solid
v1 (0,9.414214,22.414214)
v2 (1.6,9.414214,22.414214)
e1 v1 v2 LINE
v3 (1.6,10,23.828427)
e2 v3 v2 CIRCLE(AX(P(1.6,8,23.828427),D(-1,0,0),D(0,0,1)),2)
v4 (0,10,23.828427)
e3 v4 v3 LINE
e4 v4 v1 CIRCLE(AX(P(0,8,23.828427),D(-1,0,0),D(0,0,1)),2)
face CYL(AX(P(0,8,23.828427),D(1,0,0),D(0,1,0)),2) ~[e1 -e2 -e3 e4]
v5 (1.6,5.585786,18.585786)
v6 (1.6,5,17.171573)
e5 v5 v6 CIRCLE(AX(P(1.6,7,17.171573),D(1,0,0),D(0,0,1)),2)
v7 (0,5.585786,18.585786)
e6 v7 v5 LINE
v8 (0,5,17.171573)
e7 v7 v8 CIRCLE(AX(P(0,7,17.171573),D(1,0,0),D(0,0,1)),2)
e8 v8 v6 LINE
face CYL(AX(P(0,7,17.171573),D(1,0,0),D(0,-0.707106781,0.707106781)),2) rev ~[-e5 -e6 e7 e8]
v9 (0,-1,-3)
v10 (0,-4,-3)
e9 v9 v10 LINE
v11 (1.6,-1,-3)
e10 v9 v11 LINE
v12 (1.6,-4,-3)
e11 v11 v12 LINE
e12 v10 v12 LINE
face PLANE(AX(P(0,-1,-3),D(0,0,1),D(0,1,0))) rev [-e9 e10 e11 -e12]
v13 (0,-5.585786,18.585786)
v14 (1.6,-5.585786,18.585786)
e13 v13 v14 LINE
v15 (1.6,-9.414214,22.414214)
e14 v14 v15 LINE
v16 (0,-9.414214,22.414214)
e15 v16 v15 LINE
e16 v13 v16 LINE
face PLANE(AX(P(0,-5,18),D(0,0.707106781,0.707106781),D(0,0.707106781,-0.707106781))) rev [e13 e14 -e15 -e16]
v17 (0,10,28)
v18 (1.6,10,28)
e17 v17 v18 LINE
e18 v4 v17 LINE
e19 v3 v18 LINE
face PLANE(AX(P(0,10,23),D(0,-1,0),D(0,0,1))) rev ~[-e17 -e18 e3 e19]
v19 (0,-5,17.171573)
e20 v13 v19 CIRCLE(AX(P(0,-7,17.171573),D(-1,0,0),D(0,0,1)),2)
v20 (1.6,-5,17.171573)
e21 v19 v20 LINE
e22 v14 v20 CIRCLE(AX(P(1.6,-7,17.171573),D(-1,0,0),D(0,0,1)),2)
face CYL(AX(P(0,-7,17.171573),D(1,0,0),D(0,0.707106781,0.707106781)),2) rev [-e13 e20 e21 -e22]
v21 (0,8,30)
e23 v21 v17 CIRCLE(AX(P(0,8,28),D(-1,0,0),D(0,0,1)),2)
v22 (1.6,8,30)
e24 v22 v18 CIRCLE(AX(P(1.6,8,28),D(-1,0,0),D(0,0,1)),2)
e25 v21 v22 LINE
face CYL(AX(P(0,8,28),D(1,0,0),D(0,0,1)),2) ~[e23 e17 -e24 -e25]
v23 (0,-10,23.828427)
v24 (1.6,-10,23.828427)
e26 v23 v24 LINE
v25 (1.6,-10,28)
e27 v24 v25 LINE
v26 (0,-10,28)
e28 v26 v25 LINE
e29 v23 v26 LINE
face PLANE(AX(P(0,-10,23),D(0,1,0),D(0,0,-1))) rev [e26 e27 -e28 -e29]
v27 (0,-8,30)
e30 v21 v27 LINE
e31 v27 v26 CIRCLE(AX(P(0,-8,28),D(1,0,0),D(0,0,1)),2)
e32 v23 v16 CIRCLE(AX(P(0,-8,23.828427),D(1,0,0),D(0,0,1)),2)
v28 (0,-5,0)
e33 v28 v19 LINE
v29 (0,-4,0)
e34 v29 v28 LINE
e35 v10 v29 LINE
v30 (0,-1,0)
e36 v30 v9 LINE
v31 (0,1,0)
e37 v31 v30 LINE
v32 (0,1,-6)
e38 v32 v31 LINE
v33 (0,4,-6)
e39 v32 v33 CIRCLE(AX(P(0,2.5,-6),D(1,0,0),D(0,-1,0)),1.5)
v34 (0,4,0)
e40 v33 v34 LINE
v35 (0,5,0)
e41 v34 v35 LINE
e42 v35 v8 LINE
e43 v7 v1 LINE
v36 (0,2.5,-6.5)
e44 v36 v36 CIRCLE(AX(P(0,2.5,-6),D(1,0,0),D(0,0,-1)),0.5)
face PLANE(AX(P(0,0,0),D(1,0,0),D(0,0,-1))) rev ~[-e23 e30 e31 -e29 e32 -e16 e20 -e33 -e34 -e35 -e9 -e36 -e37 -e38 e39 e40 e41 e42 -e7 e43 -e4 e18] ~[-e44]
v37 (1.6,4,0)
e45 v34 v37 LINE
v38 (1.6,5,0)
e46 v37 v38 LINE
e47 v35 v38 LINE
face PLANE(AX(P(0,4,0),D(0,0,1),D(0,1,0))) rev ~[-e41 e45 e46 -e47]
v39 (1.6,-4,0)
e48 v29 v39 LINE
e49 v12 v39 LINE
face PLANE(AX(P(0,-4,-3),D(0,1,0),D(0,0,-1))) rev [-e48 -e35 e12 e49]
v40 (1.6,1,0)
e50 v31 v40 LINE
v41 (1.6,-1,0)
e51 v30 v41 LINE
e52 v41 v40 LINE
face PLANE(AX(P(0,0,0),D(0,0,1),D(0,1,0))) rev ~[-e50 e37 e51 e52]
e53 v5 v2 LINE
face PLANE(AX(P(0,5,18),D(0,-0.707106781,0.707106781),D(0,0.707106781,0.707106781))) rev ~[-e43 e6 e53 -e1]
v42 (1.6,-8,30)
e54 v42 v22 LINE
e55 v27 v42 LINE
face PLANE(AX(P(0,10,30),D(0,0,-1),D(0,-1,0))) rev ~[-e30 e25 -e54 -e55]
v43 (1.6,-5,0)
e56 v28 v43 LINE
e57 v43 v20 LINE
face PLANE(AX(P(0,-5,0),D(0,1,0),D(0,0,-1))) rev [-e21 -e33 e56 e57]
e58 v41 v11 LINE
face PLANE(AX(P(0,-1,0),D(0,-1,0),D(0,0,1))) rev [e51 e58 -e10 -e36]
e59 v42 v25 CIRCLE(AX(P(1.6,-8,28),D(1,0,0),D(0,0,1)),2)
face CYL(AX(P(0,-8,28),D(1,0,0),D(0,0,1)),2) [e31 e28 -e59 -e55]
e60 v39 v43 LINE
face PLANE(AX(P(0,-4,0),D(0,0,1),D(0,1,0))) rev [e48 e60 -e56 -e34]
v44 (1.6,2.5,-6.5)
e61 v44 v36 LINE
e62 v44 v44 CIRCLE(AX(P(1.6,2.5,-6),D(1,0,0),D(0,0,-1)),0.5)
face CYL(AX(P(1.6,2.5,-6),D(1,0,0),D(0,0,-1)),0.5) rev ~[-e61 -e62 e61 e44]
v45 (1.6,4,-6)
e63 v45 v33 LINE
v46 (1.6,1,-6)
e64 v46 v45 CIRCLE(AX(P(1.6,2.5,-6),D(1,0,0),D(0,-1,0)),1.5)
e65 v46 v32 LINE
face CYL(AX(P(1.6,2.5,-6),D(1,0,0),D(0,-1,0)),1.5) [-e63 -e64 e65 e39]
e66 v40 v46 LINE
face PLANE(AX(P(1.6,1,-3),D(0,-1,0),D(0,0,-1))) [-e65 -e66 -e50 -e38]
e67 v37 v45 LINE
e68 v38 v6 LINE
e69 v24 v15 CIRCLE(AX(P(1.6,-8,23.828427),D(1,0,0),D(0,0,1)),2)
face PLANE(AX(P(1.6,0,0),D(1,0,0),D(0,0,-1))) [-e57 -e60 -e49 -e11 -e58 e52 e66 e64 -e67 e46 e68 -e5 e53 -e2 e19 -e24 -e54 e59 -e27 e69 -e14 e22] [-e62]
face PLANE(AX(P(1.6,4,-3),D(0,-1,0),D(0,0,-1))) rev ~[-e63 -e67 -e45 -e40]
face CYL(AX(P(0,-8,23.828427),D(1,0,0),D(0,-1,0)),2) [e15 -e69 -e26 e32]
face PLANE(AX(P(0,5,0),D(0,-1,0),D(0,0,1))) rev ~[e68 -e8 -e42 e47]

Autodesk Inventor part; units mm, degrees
ref_plane "YZ Plane" through (0, 0, 0) normal (1, 0, 0) x (0, 1, 0)
ref_plane "XZ Plane" through (0, 0, 0) normal (0, 1, 0) x (-1, 0, 0)
ref_plane "XY Plane" through (0, 0, 0) normal (0, 0, 1) x (1, 0, 0)
sketch "Sketch1" plane through (0, 0, 0) normal (1, 0, 0) x (0, 1, 0)
  line L0 (0, 0) -> (1, 0)
  line L1 (1, 0) -> (1, -3)
  line L2 (1, -3) -> (4, -3)
  line L3 (4, -3) -> (4, 0)
  line L4 (4, 0) -> (5, 0)
  line L5 (5, 0) -> (5, 18)
  line L6 (5, 18) -> (10, 23)
  line L7 (10, 23) -> (10, 30)
  line L8 (10, 30) -> (0, 30)
  line L9 (0, 30) -> (0, 0)
  dimension "d0" = 1
  dimension "d1" = 3
  dimension "d2" = 1
  dimension "d3" = 3
  dimension "d4" = 30
  dimension "d5" = 7
  dimension "d6" = 45
  dimension "d7" = 10
extrude "Extrusion1" add sketch "Sketch1" along normal blind 1.6
mirror "Mirror1" about plane through (0, 0, 30) normal (0, -1, 0) of "Extrusion1"
fillet "Fillet1" radius 2 6 edges at (0.8, 10, 30) (0.8, 10, 23) (0.8, -10, 30) (0.8, -10, 23) (0.8, -5, 18) (0.8, 5, 18)
sketch "Sketch2" plane through (1.6, 0, 0) normal (1, 0, 0) x (0, 0, -1)
  line L0 (0, 1) -> (3, 1) projected
  line L1 (3, 1) -> (3, 4) projected
  arc A0 (6, 1) -> (6, 4) centre (6, 2.5) ccw
  line L2 (3, 4) -> (6, 4)
  line L3 (3, 1) -> (6, 1)
  circle A1 centre (6, 2.5) radius 0.5
  point P0 (0, 0)
  dimension "d11" = 3
  dimension "d12" = 3
  dimension "d13" = 1
extrude "Extrusion2" add sketch "Sketch2" against normal up to surface (1.6 mm away)
sketch "Sketch3" plane through (1.6, 0, 0) normal (1, 0, 0) x (0, 0, -1)
  line L0 (-30, 10) -> (7.5, 10) construction
  line L1 (7.5, 10) -> (7.5, -9.9928) construction
  line L2 (7.5, -9.9928) -> (-30, -9.9928) construction
  line L3 (-30, -9.9928) -> (-30, 10) construction
  line L4 (-23.8284, 10) -> (-28, 10) projected
  line L5 (-30, 8) -> (-30, -8) projected
  arc A0 (6, 1) -> (6, 4) centre (6, 2.5) ccw projected
  point P0 (0, 0)
  dimension "d17" = 1.5
  dimension "d18" = 1.5
decal "Decal1"
sketch "Sketch4" plane through (0, 0, 0) normal (-1, 0, 0) x (0, 0, 1)
  line L0 (-7.5, 10) -> (30, 10) construction
  line L1 (30, 10) -> (30, -9.9928) construction
  line L2 (30, -9.9928) -> (-7.5, -9.9928) construction
  line L3 (-7.5, -9.9928) -> (-7.5, 10) construction
  line L4 (30, 8) -> (30, -8) projected
  line L5 (23.8284, 10) -> (28, 10) projected
  arc A0 (-6, 4) -> (-6, 1) centre (-6, 2.5) ccw projected
  point P0 (0, 0)
  dimension "d20" = 1.5
decal "Decal2"
equation "\"d17\" = d18"
equation "\"d20\" = d18"
properties part number "KeyerPaddle"
